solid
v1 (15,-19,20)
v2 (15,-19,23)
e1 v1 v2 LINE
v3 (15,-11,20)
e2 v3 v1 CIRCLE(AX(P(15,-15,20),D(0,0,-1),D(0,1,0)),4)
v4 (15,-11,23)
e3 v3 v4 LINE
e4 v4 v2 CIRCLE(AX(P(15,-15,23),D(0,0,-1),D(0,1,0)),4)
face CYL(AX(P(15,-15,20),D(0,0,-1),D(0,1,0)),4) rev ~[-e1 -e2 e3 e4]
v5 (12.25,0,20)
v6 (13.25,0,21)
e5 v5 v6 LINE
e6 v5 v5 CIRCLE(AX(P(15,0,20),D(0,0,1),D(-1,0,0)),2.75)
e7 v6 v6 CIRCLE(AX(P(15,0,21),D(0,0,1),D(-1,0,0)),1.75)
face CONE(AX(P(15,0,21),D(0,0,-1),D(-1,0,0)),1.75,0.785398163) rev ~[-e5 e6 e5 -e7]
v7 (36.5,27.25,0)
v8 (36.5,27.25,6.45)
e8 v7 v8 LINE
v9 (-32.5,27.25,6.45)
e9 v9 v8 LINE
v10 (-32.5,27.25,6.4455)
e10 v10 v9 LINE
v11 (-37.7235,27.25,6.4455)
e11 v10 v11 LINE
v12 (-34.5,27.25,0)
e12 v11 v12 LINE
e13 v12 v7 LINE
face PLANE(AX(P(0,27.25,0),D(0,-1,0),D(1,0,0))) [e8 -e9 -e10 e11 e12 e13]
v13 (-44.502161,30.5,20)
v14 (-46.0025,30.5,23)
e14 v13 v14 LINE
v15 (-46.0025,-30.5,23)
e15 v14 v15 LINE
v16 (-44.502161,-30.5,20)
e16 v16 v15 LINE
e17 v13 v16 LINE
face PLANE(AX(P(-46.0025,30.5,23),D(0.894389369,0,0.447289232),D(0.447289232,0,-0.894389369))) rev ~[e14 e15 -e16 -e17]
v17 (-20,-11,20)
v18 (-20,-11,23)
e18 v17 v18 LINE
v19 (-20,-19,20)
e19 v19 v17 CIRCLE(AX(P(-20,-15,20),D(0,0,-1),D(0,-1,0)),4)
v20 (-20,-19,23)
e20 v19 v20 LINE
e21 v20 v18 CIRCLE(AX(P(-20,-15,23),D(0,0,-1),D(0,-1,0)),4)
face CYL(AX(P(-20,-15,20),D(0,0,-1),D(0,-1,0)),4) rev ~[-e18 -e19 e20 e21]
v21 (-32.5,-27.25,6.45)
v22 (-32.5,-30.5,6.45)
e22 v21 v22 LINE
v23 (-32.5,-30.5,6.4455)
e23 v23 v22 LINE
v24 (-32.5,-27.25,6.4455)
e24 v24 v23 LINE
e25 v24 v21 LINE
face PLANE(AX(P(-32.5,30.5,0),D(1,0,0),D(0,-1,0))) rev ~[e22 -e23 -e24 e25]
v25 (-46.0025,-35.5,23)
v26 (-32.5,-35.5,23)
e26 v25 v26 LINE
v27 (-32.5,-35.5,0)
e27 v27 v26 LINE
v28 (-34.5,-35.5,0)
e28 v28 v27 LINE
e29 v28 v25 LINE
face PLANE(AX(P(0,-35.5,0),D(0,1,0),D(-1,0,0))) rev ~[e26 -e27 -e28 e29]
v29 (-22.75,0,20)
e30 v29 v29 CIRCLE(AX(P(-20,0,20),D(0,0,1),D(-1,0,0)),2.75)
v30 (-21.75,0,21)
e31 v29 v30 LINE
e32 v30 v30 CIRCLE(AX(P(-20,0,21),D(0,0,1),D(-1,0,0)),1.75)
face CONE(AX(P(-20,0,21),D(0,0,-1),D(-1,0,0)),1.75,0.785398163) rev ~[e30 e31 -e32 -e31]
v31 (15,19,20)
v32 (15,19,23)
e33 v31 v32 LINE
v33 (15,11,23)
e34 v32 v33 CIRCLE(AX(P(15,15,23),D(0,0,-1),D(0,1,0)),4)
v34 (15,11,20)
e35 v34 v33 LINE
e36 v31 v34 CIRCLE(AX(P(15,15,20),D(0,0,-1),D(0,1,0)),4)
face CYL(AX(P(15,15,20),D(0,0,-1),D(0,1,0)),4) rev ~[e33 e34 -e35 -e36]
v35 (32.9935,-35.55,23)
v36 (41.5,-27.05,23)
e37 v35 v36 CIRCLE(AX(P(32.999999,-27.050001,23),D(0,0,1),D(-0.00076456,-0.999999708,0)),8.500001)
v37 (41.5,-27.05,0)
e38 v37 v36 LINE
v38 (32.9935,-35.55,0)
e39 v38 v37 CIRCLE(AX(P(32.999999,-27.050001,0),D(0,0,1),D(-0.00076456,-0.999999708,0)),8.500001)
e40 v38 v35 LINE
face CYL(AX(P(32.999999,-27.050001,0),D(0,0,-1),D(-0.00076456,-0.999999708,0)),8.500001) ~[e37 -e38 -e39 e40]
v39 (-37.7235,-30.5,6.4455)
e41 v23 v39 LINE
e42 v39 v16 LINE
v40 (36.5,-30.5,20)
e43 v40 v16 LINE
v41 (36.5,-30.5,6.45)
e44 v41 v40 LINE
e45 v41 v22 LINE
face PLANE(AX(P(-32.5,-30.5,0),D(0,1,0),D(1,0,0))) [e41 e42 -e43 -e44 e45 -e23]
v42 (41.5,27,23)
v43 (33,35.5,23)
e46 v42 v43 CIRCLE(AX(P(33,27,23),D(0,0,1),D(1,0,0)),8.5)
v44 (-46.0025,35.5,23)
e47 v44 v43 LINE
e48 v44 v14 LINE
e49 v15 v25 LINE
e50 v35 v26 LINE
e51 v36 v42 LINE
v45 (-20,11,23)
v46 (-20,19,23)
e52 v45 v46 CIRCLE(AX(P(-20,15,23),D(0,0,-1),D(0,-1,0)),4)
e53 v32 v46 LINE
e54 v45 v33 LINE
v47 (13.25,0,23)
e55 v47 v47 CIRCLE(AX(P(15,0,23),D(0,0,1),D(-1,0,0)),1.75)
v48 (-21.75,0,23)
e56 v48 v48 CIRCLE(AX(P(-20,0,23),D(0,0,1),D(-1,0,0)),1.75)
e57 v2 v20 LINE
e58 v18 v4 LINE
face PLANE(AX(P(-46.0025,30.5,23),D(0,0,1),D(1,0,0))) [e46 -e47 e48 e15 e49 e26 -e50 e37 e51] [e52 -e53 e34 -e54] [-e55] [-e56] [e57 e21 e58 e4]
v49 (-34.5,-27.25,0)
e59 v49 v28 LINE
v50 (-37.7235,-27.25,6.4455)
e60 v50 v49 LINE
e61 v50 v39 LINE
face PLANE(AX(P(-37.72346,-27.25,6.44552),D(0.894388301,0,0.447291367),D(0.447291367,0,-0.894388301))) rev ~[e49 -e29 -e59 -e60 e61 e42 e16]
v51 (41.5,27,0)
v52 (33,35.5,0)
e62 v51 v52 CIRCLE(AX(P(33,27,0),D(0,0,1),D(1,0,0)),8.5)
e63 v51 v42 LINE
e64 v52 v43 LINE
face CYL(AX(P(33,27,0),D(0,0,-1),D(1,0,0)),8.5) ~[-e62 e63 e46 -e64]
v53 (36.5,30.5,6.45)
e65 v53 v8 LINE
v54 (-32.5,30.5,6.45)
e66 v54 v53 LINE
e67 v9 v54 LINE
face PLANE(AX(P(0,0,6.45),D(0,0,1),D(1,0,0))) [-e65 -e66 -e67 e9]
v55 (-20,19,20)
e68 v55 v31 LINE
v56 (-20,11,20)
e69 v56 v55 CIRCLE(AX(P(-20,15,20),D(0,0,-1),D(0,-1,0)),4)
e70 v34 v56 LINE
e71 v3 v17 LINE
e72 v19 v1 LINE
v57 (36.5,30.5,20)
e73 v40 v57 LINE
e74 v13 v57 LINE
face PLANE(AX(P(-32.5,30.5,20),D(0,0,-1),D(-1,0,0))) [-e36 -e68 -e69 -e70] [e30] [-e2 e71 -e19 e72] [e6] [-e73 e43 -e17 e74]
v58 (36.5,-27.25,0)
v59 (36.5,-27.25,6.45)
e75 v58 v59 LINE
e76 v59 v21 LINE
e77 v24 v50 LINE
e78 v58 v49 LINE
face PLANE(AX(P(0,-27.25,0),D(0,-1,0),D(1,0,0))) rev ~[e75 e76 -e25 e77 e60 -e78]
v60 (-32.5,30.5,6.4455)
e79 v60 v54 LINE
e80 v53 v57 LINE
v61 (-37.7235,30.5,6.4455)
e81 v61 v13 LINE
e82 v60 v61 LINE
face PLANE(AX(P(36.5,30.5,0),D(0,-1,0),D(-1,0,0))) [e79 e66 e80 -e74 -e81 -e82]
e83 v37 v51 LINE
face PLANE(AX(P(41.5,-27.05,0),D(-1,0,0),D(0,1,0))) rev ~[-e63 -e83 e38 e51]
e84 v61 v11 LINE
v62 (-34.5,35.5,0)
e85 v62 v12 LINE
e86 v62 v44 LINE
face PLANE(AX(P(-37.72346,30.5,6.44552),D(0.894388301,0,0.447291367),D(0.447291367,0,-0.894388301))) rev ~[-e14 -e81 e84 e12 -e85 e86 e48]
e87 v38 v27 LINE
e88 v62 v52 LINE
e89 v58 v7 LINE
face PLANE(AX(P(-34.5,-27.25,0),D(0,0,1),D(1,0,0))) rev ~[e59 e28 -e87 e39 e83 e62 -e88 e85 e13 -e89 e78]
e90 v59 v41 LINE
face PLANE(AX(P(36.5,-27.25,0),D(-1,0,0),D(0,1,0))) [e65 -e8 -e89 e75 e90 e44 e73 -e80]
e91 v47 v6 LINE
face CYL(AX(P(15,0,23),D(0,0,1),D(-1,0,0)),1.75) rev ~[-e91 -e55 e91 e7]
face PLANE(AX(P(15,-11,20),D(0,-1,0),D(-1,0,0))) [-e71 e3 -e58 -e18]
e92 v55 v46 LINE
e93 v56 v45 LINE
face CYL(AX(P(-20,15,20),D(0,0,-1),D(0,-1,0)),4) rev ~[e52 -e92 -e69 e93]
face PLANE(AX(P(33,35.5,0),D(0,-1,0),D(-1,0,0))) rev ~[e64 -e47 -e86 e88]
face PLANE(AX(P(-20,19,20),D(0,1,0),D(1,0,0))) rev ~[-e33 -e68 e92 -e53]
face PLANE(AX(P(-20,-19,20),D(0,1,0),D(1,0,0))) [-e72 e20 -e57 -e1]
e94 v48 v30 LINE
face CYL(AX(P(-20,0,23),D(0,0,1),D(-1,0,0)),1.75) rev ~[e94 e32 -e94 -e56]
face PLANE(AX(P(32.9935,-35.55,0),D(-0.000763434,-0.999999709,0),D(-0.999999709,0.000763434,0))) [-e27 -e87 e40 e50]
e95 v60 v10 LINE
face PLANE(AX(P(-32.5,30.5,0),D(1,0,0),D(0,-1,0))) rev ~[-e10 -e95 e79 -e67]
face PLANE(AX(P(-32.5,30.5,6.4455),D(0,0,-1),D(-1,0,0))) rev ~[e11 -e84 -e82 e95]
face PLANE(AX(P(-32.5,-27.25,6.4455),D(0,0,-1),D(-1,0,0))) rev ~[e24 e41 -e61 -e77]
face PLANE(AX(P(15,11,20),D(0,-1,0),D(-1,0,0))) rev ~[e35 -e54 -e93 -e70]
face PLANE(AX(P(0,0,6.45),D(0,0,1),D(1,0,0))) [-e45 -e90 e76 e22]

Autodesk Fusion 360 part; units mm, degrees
sketch "Sketch1" plane through (0, 0, 0) normal (0, 0, 1) x (1, 0, 0)
  line L0 (36.5, 30.5) -> (-32.5, 30.5)
  line L1 (-32.5, 30.5) -> (-32.5, -30.5)
  line L2 (-32.5, -30.5) -> (36.5, -30.5)
  line L3 (36.5, -30.5) -> (36.5, 30.5)
  line L4 (36.5, -27.25) -> (-32.5, -27.25)
  line L5 (-32.5, -27.25) -> (-32.5, 27.25)
  line L6 (-32.5, 27.25) -> (36.5, 27.25)
  line L7 (36.5, 27.25) -> (36.5, -27.25)
  line L8 (33, 35.5) -> (-32.5, 35.5)
  line L9 (-32.5, 35.5) -> (-32.5, 30.5)
  line L10 (1.75, 0) -> (22.5, 0)
  line L11 (-32.5, -35.5) -> (-32.5, -30.5)
  line L12 (32.9935, -35.55) -> (-32.5, -35.5)
  line L13 (41.5, -27.05) -> (41.5, 27)
  arc A0 (32.9935, -35.55) -> (41.5, -27.05) centre (33, -27.05) ccw
  arc A1 (41.5, 27) -> (33, 35.5) centre (33, 27) ccw
  dimension "d1" = 69
  dimension "d2" = 61
  dimension "d3" = 69
  dimension "d4" = 54.5
  dimension "d46" = 8.5
extrude "Extrude1" add sketch "Sketch1" along normal blind 6.45 contours L0 L1 L3 L6 | L0 L2 L3 L7 L8 L9 L11 L12 L13 A0 A1 | L1 L2 L3 L4
extrude "Extrude2" add sketch "Sketch1" along normal blind 22 contours L0 L2 L3 L7 L8 L9 L11 L12 L13 A0 A1
extrude "Extrude3" add sketch "Sketch1" along normal blind 23 and the other way blind -20
sketch "Sketch2" plane through (0, 0, 23) normal (0, 0, 1) x (-1, 0, 0)
  line L0 (-33, -35.5) -> (32.5, -35.5)
  line L1 (32.5, -35.5) -> (32.5, 35.5)
  line L2 (32.5, 35.5) -> (-32.9935, 35.55)
  circle A0 centre (20, 0) radius 1.75
  circle A1 centre (-15, 0) radius 1.75
  arc A2 (-32.9935, 35.55) -> (-41.5, 27.05) centre (-33, 27.05) ccw
  line L3 (-41.5, 27.05) -> (-41.5, -27)
  arc A3 (-41.5, -27) -> (-33, -35.5) centre (-33, -27) ccw
  dimension "d33" = 3.5
  dimension "d34" = 3.5
extrude "Extrude4" cut sketch "Sketch2" against normal blind 5 contours A0 | A1
sketch "Sketch3" plane through (0, 35.5, 0) normal (0, 1, 0) x (-1, 0, 0)
  line L0 (-33, 0) -> (32.5, 0)
  line L1 (32.5, 0) -> (32.5, 23)
  line L2 (32.5, 23) -> (-33, 23)
  line L3 (32.5, 23) -> (34.5, 23)
  line L4 (34.5, 23) -> (34.5, 0)
  line L5 (34.5, 0) -> (32.5, 0)
  line L6 (34.5, 0) -> (34.5, 8)
  line L7 (34.5, 23) -> (46.0025, 23)
  line L8 (34.5, 0) -> (46.0025, 23)
  line L9 (-33, 23) -> (-33, 0)
  dimension "d47" = 26.57
extrude "Extrude5" add sketch "Sketch3" against normal blind 5 contours L1 L3 L4 L5 L6 | L4 L6 L7 L8
extrude "Extrude6" add sketch "Sketch3" along normal blind -71 and the other way blind 66 contours L1 L3 L4 L5 L6 | L4 L6 L7 L8
sketch "Sketch4" plane through (0, 30.5, 0) normal (0, -1, 0) x (1, 0, 0)
  line L0 (-32.5, 20) -> (-32.5, 23)
  line L1 (-32.5, 23) -> (-46.0025, 23)
  line L2 (-46.0025, 23) -> (-34.5, 0)
  line L3 (-34.5, 0) -> (-37.7235, 6.4455)
  line L4 (-32.5, 6.4455) -> (-37.7235, 6.4455)
  line L5 (-32.5, 6.4455) -> (-32.5, 0)
  line L6 (-34.5, 0) -> (-32.5, 0)
  line L7 (36.5, 20) -> (-32.5, 20)
  line L8 (-32.5, 6.45) -> (36.5, 6.45)
  line L9 (36.5, 6.45) -> (36.5, 20)
extrude "Extrude7" add sketch "Sketch4" along normal blind 3.25
extrude "Extrude8" add sketch "Sketch4" along normal blind 61 and the other way blind -57.75
chamfer "Chamfer2" distance 1 angle 45 2 edges at (-18.3684, 0.6328, 20) (16.6316, 0.6328, 20)
sketch "Sketch5" plane through (0, 30.5, 0) normal (0, -1, 0) x (1, 0, 0)
  line L0 (-37.7235, 6.4455) -> (-32.5, 6.4455)
  line L1 (-32.5, 6.4455) -> (-32.5, 6.45)
  line L2 (-46.0025, 23) -> (-37.7235, 6.4455)
  line L3 (-32.5, 6.45) -> (36.5, 6.45)
  line L4 (36.5, 6.45) -> (36.5, 20)
  line L5 (36.5, 20) -> (-32.5, 20)
  line L6 (-46.0025, 23) -> (-27, 23)
  line L7 (-29, 20) -> (-51.5326, 20)
  line L8 (-43.3815, 17.7592) -> (-46.4301, 23.8551)
  line L9 (-28, 19) -> (-27.5232, 25.3132)
extrude "Extrude9" add sketch "Sketch5" along normal blind 61 contours L2 L5 L6 L7 L8 L9
sketch "Sketch6" plane through (0, 0, 20) normal (0, 0, -1) x (1, 0, 0)
  circle A0 centre (-20, 0) radius 2.75
  line L0 (36.5, 30.5) -> (-44.5022, 30.5)
  line L1 (-44.5022, -30.5) -> (36.5, -30.5)
  line L2 (36.5, -30.5) -> (36.5, 30.5)
  circle A1 centre (15, 0) radius 2.75
  line L3 (15, -11) -> (-20, -11)
  arc A2 (-20, -11) -> (-20, -19) centre (-20, -15) ccw
  line L4 (-20, -19) -> (15, -19)
  arc A3 (15, -19) -> (15, -11) centre (15, -15) ccw
  line L5 (15, -15) -> (-20, -15) construction
  line L6 (1.75, 0) -> (22.5, 0)
  line L7 (-20, 19) -> (15, 19)
  arc A4 (15, 11) -> (15, 19) centre (15, 15) ccw
  line L8 (15, 11) -> (-20, 11)
  arc A5 (-20, 19) -> (-20, 11) centre (-20, 15) ccw
  line L9 (-44.5022, 30.5) -> (-44.5022, -30.5)
extrude "Extrude10" cut sketch "Sketch6" against normal blind 25 contours L3 A2 L4 A3 | L7 A4 L8 A5
